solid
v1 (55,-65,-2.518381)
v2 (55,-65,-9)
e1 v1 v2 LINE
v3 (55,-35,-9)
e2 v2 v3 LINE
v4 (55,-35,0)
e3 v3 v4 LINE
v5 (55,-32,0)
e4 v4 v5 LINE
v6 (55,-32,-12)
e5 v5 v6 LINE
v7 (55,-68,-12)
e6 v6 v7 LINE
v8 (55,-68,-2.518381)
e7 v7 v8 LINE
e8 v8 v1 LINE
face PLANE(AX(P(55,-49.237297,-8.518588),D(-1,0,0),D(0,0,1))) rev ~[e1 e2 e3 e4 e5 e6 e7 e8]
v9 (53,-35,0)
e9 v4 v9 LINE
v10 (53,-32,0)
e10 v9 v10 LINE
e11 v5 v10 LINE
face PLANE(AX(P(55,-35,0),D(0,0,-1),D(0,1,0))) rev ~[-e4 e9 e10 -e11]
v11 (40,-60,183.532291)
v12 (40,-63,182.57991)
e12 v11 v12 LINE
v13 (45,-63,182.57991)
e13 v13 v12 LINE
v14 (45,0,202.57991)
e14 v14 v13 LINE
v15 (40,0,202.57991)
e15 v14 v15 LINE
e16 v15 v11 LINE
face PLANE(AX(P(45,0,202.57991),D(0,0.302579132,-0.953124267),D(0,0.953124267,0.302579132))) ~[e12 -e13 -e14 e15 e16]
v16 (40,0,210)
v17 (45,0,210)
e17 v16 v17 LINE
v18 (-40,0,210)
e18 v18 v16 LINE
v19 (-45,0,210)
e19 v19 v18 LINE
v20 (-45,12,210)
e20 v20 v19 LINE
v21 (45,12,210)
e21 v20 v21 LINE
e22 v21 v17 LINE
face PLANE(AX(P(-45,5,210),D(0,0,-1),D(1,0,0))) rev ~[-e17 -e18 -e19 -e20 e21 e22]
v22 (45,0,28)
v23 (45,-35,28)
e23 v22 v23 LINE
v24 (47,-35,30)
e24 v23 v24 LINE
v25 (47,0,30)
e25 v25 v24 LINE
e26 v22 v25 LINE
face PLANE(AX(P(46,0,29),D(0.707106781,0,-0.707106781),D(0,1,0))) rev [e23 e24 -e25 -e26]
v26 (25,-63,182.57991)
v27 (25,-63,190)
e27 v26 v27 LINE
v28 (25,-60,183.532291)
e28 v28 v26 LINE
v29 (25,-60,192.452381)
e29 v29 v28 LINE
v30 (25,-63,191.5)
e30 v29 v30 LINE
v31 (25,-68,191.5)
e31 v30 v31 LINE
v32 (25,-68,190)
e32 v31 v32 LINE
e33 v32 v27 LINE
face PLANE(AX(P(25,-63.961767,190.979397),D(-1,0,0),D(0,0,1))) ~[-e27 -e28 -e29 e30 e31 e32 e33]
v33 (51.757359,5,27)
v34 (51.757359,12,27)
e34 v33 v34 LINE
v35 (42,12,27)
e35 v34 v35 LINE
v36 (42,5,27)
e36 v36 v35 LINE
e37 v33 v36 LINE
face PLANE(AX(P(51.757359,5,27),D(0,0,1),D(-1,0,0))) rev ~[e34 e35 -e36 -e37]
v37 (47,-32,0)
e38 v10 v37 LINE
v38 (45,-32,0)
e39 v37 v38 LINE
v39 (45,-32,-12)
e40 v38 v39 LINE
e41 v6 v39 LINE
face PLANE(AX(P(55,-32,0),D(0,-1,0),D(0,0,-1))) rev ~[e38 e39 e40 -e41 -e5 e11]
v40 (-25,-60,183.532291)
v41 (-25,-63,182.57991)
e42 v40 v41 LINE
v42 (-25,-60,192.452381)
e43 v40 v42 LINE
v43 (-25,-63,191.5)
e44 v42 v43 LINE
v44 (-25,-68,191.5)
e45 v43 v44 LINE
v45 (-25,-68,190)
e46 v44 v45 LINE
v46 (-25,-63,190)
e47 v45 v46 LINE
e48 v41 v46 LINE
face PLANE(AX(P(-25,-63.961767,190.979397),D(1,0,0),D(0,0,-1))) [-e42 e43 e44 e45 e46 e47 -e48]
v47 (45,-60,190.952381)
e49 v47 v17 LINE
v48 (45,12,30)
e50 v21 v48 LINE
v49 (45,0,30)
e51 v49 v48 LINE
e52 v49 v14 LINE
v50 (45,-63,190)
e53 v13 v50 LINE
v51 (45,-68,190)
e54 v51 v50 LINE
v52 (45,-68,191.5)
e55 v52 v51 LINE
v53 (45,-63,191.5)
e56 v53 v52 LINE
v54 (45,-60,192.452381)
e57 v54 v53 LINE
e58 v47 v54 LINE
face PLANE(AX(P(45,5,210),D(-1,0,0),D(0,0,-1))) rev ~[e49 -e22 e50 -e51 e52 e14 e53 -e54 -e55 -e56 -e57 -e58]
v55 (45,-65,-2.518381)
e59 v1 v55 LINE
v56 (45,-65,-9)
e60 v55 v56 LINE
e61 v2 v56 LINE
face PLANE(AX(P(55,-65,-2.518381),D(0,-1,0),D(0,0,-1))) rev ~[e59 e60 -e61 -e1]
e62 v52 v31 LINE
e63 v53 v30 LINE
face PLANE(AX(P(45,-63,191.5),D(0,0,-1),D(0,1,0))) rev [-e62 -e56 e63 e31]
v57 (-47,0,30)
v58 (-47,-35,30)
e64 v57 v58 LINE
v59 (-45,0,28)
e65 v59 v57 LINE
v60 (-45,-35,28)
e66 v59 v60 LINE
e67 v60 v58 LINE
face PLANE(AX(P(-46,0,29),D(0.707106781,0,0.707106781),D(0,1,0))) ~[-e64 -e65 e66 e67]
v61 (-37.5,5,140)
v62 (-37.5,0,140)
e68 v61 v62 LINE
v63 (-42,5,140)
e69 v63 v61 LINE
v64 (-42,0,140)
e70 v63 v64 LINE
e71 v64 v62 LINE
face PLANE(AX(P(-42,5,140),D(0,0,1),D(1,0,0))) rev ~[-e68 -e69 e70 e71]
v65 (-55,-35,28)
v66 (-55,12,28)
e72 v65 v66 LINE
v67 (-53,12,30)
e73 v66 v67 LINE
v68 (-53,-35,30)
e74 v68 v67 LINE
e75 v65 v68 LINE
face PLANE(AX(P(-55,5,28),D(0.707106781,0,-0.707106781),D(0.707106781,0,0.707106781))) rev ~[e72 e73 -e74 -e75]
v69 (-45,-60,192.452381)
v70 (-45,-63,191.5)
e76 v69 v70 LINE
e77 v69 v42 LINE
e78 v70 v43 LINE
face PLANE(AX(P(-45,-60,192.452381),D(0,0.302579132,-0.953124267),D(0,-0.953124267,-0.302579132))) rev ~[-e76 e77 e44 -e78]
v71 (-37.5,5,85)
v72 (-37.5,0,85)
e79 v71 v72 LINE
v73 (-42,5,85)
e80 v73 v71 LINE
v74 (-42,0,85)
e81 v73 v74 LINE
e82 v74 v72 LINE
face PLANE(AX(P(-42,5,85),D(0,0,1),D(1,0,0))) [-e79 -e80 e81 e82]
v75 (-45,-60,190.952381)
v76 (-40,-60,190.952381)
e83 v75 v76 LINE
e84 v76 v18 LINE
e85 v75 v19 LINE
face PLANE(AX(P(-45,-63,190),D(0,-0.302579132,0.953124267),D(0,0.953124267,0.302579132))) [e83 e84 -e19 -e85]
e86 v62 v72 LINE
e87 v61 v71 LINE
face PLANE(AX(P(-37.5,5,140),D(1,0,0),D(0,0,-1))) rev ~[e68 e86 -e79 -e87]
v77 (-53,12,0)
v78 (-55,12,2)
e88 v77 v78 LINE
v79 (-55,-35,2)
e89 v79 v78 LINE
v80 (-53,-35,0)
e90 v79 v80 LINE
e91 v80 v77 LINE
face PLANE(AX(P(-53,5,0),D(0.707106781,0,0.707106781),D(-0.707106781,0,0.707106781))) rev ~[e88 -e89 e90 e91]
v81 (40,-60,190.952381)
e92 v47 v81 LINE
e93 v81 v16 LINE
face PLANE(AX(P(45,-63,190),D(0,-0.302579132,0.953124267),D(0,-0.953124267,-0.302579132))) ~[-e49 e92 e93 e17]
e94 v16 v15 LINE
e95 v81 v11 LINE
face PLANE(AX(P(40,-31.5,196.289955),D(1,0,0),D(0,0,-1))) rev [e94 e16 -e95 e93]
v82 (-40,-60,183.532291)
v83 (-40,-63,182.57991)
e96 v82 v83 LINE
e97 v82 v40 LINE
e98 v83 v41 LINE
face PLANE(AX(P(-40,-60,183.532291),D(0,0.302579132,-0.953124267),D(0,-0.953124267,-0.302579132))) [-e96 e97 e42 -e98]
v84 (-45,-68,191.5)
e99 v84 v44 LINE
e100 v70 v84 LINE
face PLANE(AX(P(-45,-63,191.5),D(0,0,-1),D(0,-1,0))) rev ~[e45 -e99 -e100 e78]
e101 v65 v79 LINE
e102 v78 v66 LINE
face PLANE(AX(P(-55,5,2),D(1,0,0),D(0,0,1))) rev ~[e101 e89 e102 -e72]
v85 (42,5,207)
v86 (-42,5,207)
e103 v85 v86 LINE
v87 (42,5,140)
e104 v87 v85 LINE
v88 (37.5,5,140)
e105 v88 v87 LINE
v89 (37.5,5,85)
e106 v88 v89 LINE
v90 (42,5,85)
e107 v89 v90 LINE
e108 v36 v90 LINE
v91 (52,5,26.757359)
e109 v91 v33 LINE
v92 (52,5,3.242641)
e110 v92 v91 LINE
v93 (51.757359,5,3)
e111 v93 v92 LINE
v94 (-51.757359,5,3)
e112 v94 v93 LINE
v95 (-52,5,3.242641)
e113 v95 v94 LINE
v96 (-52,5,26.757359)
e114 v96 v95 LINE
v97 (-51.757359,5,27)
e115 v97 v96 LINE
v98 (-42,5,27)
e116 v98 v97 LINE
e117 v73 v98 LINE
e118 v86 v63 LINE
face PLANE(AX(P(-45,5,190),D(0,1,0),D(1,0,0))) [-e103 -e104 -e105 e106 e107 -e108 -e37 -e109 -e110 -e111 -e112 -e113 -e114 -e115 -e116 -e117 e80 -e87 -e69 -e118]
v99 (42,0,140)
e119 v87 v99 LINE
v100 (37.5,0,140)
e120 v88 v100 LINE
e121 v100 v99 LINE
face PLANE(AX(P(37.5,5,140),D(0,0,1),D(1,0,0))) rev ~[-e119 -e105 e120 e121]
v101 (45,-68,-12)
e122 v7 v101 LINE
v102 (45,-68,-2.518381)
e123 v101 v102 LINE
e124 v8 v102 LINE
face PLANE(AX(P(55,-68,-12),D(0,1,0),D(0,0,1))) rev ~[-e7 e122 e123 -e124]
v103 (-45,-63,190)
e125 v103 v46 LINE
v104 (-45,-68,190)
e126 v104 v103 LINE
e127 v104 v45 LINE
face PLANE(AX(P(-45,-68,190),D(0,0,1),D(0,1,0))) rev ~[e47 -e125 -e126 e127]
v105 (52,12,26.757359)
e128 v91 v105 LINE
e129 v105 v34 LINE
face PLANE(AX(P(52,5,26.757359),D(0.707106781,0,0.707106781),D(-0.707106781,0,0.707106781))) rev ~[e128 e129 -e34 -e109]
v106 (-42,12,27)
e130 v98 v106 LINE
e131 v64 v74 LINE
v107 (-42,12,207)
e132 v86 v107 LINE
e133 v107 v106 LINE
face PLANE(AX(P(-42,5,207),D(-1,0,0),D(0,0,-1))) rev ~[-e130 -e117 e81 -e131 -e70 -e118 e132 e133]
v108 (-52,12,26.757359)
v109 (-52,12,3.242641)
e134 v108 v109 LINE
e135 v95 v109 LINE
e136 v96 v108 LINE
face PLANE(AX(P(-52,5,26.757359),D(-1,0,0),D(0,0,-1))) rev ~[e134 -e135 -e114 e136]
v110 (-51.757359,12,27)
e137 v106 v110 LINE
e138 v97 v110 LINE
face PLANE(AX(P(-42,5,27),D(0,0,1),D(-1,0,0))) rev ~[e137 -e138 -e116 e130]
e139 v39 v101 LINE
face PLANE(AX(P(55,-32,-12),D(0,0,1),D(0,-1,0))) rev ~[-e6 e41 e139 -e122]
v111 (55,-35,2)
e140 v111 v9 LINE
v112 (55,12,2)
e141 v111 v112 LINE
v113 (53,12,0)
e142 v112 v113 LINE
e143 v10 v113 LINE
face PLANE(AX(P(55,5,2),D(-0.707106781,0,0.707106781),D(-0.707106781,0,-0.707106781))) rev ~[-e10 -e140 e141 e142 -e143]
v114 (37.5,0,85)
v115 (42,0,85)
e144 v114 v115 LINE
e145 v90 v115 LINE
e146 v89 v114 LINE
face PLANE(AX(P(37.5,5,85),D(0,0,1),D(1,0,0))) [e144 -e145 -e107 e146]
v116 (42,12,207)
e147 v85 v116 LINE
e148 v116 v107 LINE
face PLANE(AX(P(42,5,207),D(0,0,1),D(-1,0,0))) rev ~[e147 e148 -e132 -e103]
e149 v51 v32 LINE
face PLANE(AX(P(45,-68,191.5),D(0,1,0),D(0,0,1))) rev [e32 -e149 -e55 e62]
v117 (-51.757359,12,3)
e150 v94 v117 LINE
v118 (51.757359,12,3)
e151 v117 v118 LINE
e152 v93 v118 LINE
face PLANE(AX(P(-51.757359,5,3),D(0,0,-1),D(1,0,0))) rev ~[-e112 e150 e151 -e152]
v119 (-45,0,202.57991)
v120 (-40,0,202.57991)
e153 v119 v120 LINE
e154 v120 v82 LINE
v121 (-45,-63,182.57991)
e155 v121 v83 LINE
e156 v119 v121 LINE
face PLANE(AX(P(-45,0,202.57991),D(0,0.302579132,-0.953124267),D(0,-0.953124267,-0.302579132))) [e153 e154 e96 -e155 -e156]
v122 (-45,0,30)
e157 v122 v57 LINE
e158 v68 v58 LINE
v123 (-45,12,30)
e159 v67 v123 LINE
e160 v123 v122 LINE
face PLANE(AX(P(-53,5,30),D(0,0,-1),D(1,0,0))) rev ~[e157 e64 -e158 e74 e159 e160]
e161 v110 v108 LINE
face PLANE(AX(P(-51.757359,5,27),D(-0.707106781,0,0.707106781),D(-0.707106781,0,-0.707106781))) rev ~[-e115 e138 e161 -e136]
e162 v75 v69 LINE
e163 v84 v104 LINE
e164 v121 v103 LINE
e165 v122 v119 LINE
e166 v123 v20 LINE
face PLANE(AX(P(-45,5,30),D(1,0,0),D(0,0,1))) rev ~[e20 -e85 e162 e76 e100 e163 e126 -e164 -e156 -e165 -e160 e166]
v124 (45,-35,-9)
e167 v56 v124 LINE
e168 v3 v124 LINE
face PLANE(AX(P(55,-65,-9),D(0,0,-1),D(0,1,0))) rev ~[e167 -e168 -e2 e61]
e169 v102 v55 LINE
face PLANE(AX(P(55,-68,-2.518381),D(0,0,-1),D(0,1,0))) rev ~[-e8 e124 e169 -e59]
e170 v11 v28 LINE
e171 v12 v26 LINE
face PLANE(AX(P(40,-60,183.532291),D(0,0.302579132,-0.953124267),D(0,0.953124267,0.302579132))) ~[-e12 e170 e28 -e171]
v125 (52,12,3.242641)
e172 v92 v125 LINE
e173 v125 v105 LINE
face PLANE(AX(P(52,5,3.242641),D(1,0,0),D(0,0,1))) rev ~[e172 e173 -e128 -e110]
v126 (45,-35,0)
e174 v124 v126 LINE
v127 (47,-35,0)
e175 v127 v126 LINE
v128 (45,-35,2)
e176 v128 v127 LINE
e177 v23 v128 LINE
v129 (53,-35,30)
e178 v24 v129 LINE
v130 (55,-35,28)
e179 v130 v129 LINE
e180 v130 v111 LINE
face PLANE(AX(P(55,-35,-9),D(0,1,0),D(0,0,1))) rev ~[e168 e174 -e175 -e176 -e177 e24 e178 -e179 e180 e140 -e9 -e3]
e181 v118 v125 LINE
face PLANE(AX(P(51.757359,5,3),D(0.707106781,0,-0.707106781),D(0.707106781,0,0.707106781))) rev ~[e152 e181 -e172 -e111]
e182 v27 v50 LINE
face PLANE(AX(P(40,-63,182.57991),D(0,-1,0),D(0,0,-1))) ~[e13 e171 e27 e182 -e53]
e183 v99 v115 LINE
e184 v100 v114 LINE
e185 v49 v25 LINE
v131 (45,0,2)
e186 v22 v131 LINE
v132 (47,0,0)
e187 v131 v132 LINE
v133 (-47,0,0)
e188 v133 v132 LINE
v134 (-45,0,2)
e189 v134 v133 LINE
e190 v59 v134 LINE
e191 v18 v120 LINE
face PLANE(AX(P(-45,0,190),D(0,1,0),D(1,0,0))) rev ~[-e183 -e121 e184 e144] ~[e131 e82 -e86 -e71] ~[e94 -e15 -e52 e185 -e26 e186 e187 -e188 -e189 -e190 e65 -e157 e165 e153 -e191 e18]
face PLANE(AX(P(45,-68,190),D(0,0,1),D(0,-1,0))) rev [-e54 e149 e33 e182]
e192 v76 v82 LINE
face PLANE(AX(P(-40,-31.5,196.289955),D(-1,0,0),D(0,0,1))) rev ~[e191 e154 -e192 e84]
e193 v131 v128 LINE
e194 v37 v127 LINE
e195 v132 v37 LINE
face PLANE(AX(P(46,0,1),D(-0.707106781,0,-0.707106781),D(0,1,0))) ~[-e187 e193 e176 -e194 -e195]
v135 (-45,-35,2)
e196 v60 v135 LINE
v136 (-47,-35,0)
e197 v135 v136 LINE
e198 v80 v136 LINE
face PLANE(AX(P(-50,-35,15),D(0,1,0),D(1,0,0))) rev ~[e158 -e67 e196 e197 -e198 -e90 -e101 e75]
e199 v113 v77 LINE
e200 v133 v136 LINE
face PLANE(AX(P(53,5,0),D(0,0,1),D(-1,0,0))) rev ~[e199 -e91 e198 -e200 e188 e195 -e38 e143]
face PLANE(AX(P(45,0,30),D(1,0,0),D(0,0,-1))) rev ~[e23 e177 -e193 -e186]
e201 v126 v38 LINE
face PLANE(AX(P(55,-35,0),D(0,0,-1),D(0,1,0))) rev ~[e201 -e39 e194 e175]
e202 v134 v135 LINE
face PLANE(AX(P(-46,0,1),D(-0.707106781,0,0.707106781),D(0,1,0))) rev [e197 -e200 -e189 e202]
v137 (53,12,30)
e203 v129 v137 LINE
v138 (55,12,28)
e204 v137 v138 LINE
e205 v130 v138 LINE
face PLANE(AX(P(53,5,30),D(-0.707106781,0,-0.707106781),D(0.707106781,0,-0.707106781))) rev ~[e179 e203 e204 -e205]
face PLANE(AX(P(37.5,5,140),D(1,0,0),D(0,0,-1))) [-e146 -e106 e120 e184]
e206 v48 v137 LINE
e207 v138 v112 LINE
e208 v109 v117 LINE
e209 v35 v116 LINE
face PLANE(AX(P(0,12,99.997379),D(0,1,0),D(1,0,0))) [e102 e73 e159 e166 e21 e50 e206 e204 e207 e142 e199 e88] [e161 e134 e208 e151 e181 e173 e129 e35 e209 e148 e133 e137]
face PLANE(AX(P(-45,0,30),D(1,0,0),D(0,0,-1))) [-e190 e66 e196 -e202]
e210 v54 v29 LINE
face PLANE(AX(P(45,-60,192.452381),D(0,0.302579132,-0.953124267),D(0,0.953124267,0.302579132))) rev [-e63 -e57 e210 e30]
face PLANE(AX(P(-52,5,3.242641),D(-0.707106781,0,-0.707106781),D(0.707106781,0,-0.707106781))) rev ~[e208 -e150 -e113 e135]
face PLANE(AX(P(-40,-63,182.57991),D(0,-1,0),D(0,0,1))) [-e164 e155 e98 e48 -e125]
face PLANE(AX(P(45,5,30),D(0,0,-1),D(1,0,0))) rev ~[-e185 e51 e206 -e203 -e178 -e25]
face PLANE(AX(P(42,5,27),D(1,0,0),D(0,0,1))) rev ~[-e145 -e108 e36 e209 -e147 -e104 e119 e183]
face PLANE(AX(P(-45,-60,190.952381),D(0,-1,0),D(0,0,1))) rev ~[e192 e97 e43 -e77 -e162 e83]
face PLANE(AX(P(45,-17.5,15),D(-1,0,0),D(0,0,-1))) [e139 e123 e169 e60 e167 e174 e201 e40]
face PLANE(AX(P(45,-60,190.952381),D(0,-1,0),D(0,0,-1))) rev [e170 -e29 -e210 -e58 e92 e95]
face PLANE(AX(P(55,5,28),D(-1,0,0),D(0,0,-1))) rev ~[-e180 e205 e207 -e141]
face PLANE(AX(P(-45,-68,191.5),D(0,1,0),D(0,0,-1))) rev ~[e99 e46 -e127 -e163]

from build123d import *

# Parameters (mm, degrees)
BOSS_EXTRUDE1_DEPTH = 5
SKETCH2_W           = 4.5
SKETCH2_H           = 55
CUT_EXTRUDE1_DEPTH  = 198.863589374
BOSS_EXTRUDE2_START = -5
SKETCH3_W           = 10
SKETCH3_H           = 30
BOSS_EXTRUDE2_DEPTH = 35
CHAMFER1_SIZE       = 2
SKETCH5_W           = 90
SKETCH5_H           = 5
BOSS_EXTRUDE3_DEPTH = 20
BOSS_EXTRUDE4_DEPTH = 5
BOSS_EXTRUDE5_DEPTH = 15
BOSS_EXTRUDE6_DEPTH = 20
BOSS_EXTRUDE7_DEPTH = 7
BOSS_EXTRUDE8_REACH = 248.625


with BuildPart() as part:
    # Sketch1 → Boss-Extrude1 (new body)
    with BuildSketch(Plane(origin=(0, 0, 0), x_dir=(1, 0, 0), z_dir=(0, 1, 0))):
        Polygon((-45, -30), (-45, -190), (45, -190), (45, -30), (55, -30), (55, 0), (-55, 0), (-55, -30), align=None)
    extrude(amount=BOSS_EXTRUDE1_DEPTH)

    # Sketch2 → Cut-Extrude1 (cut, through all)
    with BuildSketch(Plane(origin=(0, 5, 0), x_dir=(1, 0, 0), z_dir=(0, 1, 0))):
        with Locations((39.75, -112.5)):
            Rectangle(SKETCH2_W, SKETCH2_H)
        with Locations((-39.75, -112.5)):
            Rectangle(SKETCH2_W, SKETCH2_H)
    extrude(amount=-CUT_EXTRUDE1_DEPTH, mode=Mode.SUBTRACT)

    # Sketch3 → Boss-Extrude2 (add)
    with BuildSketch(Plane(origin=(0, 5, 0), x_dir=(1, 0, 0), z_dir=(0, 1, 0)).offset(BOSS_EXTRUDE2_START)):
        with Locations((50, -15)):
            Rectangle(SKETCH3_W, SKETCH3_H)
        with Locations((-50, -15)):
            Rectangle(SKETCH3_W, SKETCH3_H)
    extrude(amount=-BOSS_EXTRUDE2_DEPTH)

    # Chamfer1
    chamfer1_edges = [part.edges().sort_by_distance(p)[0] for p in [
        (-55, -15, 30),
        (-55, -15, 0),
        (55, -15, 0),
        (55, -15, 30),
        (45, -17.5, 30),
        (45, -17.5, 0),
        (-45, -17.5, 0),
        (-45, -17.5, 30),
    ]]
    chamfer(chamfer1_edges, length=CHAMFER1_SIZE)

    # Sketch5 → Boss-Extrude3 (add)
    with BuildSketch(Plane.XY.offset(190)):
        with Locations((0, 2.5)):
            Rectangle(SKETCH5_W, SKETCH5_H)
    extrude(amount=BOSS_EXTRUDE3_DEPTH)

    # Sketch8 → Boss-Extrude4 (add)
    with BuildSketch(Plane.ZY.offset(45)):
        Polygon((202.579910044, 0), (182.579910044, -63), (190, -63), (210, 0), align=None)
    boss_extrude4 = extrude(amount=-BOSS_EXTRUDE4_DEPTH)

    # Sketch9 → Boss-Extrude5 (add)
    with BuildSketch(Plane(origin=(-40, 0, 0), x_dir=(0, 0, -1), z_dir=(1, 0, 0))):
        Polygon((-190.952380952, -60), (-183.532290996, -60), (-182.579910044, -63), (-190, -63), align=None)
    boss_extrude5 = extrude(amount=BOSS_EXTRUDE5_DEPTH)

    # Sketch10 → Boss-Extrude6 (add)
    with BuildSketch(Plane.ZY.offset(45)):
        Polygon((190, -68), (190, -63), (190.952380952, -60), (192.452380952, -60), (191.5, -63), (191.5, -68), align=None)
    boss_extrude6 = extrude(amount=-BOSS_EXTRUDE6_DEPTH)

    # Mirror1: Boss-Extrude4, Boss-Extrude5, Boss-Extrude6 across plane
    add(boss_extrude4.mirror(Plane(origin=(0, 0, 0), x_dir=(0, 0, 1), z_dir=(1, 0, 0))))
    add(boss_extrude5.mirror(Plane(origin=(0, 0, 0), x_dir=(0, 0, 1), z_dir=(1, 0, 0))))
    add(boss_extrude6.mirror(Plane(origin=(0, 0, 0), x_dir=(0, 0, 1), z_dir=(1, 0, 0))))

    # Sketch11 → Boss-Extrude7 (add)
    with BuildSketch(Plane(origin=(0, 5, 0), x_dir=(1, 0, 0), z_dir=(0, 1, 0))):
        Polygon((45, -210), (45, -30), (53, -30), (55, -28), (55, -2), (53, 0), (-53, 0), (-55, -2), (-55, -28), (-53, -30), (-45, -30), (-45, -210), align=None)
        Polygon((51.757359313, -27), (42, -27), (42, -85), (42, -140), (42, -207), (-42, -207), (-42, -140), (-42, -85), (-42, -27), (-51.757359313, -27), (-52, -26.757359313), (-52, -3.242640687), (-51.757359313, -3), (51.757359313, -3), (52, -3.242640687), (52, -26.757359313), align=None, mode=Mode.SUBTRACT)
    extrude(amount=BOSS_EXTRUDE7_DEPTH)

    # Boss-Extrude8: up to this face of the body (flat: up to its plane)
    boss_extrude8_end = Plane(part.part.faces().sort_by_distance((45, -17.5, 15))[0])
    # Sketch12 → Boss-Extrude8 (add, up to the picked face)
    with BuildSketch(Plane(origin=(55, 0, 0), x_dir=(0, 0, -1), z_dir=(1, 0, 0)), mode=Mode.PRIVATE) as boss_extrude8_sk1:
        Polygon((0, -32), (12, -32), (12, -68), (2.5183809, -68), (2.5183809, -65), (9, -65), (9, -35), (0, -35), align=None)
    boss_extrude8_tool1 = split(extrude(boss_extrude8_sk1.sketch, amount=-BOSS_EXTRUDE8_REACH, mode=Mode.PRIVATE), bisect_by=boss_extrude8_end, keep=Keep.BOTH, mode=Mode.PRIVATE)
    add(boss_extrude8_tool1.solids().sort_by(Axis((55, -32.379473, -6), (-1, 0, 0)))[0])


solid = part.part
